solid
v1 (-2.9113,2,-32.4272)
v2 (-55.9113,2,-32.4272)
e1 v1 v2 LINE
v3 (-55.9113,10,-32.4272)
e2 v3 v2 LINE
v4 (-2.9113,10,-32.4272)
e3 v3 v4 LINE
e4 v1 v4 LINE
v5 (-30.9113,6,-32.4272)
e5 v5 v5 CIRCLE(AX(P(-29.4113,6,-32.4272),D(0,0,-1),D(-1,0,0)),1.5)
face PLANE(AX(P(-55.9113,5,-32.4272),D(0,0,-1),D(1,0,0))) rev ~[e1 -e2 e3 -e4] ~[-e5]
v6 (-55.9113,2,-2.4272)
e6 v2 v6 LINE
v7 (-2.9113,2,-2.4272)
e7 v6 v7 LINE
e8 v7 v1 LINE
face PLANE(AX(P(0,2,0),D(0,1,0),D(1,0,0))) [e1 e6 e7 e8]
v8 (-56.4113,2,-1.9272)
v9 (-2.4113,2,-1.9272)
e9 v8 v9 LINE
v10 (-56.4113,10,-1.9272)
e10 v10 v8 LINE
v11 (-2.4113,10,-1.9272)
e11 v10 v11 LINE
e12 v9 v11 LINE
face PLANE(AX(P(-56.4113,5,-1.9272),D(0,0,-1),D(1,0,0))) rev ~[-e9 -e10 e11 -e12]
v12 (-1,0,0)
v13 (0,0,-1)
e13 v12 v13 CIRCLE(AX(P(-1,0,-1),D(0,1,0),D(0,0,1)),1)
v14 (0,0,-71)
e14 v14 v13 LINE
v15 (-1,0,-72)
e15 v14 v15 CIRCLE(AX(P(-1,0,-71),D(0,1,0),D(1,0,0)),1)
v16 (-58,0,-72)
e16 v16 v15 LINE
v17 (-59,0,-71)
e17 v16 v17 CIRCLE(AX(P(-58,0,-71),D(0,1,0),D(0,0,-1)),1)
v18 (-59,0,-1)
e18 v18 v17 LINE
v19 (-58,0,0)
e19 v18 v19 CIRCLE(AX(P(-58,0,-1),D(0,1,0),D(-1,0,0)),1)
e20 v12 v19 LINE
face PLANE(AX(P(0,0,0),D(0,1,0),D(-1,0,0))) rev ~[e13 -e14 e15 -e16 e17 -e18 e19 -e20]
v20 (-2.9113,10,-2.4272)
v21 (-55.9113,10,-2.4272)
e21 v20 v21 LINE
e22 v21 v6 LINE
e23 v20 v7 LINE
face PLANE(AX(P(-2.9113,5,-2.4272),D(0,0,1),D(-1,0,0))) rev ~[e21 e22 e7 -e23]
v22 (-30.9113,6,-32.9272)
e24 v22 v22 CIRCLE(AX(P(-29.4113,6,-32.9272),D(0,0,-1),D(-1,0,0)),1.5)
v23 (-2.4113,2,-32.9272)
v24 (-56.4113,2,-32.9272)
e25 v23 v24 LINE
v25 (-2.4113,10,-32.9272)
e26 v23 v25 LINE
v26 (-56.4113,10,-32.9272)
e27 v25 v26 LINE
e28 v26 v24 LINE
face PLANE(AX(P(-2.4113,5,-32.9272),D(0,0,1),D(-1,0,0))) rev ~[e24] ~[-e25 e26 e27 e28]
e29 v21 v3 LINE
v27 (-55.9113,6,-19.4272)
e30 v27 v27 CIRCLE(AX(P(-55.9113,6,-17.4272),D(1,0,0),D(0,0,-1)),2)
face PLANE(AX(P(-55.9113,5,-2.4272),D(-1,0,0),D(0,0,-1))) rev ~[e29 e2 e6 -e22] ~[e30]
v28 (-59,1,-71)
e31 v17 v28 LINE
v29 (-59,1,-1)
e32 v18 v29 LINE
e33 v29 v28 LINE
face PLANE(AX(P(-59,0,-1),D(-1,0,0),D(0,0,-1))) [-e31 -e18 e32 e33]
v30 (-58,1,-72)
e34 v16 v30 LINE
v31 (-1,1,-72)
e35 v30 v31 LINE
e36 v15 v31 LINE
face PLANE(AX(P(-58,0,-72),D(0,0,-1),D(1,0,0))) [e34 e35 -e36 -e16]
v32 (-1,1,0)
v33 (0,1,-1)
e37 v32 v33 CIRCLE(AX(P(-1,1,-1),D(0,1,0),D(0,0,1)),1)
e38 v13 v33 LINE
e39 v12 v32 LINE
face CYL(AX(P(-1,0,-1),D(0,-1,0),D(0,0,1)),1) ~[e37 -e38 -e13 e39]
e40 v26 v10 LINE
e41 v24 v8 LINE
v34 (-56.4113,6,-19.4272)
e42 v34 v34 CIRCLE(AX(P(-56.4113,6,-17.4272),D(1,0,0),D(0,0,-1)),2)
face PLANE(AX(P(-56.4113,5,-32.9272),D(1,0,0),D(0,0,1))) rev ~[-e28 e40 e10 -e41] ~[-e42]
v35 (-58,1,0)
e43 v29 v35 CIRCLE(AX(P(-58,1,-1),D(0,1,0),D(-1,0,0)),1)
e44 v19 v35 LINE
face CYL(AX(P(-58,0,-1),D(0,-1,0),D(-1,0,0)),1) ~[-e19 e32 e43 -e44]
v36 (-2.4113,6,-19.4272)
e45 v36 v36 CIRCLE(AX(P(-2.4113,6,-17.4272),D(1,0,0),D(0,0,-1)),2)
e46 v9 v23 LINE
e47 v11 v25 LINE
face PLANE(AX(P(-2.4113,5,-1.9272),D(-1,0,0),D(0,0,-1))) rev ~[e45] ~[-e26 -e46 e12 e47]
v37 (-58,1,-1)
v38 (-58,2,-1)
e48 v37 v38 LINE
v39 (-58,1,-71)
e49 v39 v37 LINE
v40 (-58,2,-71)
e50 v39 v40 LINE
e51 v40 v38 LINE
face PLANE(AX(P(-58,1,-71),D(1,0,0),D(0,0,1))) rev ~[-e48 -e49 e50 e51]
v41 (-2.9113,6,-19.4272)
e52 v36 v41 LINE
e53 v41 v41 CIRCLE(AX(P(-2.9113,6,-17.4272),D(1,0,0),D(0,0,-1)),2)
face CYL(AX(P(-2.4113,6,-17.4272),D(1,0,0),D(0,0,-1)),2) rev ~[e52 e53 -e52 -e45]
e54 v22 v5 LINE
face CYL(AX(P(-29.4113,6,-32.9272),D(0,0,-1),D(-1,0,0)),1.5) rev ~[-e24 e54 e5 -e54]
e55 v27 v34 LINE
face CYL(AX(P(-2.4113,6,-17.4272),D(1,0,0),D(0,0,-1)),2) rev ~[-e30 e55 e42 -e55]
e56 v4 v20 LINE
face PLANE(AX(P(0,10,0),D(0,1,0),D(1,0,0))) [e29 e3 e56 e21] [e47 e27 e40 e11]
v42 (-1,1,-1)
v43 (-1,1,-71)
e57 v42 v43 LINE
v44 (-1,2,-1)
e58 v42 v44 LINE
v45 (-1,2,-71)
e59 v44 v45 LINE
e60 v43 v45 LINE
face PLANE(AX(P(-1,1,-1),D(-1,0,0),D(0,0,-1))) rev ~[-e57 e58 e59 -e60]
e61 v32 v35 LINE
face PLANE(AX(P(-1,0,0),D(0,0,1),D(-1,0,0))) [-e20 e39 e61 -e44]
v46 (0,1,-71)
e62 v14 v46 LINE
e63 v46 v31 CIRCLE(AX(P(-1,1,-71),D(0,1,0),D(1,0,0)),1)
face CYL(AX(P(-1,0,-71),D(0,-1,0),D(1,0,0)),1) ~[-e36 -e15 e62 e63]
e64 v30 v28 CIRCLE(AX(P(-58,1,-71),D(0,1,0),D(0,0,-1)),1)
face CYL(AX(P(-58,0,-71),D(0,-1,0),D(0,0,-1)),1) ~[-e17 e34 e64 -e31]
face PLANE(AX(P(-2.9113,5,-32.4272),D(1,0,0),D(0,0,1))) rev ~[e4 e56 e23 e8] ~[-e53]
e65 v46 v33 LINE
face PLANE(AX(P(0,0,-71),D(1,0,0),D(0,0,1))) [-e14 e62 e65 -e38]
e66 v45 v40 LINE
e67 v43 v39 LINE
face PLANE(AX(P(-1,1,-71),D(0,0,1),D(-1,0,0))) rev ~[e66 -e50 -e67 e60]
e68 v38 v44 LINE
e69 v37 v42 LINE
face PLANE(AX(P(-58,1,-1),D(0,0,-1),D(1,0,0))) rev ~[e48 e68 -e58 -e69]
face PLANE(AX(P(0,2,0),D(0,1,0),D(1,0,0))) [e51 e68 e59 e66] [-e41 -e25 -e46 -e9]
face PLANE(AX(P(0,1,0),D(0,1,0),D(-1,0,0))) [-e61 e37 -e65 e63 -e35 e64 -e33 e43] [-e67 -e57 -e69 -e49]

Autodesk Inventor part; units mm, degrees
ref_plane "YZ Plane" through (0, 0, 0) normal (1, 0, 0) x (0, 1, 0)
ref_plane "XZ Plane" through (0, 0, 0) normal (0, 1, 0) x (-1, 0, 0)
ref_plane "XY Plane" through (0, 0, 0) normal (0, 0, 1) x (1, 0, 0)
sketch "Sketch1" plane through (0, 0, 0) normal (0, 1, 0) x (-1, 0, 0)
  line L0 (1, 0) -> (58, 0)
  line L1 (59, -1) -> (59, -71)
  line L2 (58, -72) -> (1, -72)
  line L3 (0, -71) -> (0, -1)
  arc A0 (59, -1) -> (58, 0) centre (58, -1) ccw
  arc A1 (58, -72) -> (59, -71) centre (58, -71) ccw
  arc A2 (0, -71) -> (1, -72) centre (1, -71) ccw
  arc A3 (1, 0) -> (0, -1) centre (1, -1) ccw
  point P0 (0, 0)
  point P1 (59, -72)
  point P2 (59, 0)
  point P3 (0, -72)
  dimension "d0" = 72
  dimension "d1" = 59
  dimension "d2" = 1
extrude "Extrusion1" add sketch "Sketch1" along normal blind 1
sketch "Sketch2" plane through (0, 1, 0) normal (0, 1, 0) x (1, 0, 0)
  line L0 (-55.9113, 2.4272) -> (-2.9113, 2.4272)
  line L1 (-2.9113, 2.4272) -> (-2.9113, 32.4272)
  line L2 (-2.9113, 32.4272) -> (-55.9113, 32.4272)
  line L3 (-55.9113, 32.4272) -> (-55.9113, 2.4272)
  line L4 (-56.4113, 1.9272) -> (-2.4113, 1.9272)
  line L5 (-2.4113, 1.9272) -> (-2.4113, 32.9272)
  line L6 (-2.4113, 32.9272) -> (-56.4113, 32.9272)
  line L7 (-56.4113, 32.9272) -> (-56.4113, 1.9272)
  point P0 (0, 0)
  dimension "d5" = 30
  dimension "d6" = 53
  dimension "d7" = 0.5
  dimension "d8" = 0.5
  dimension "d9" = 0.5
  dimension "d10" = 0.5
extrude "Extrusion2" add sketch "Sketch2" along normal blind 4
sketch "Sketch3" plane through (0, 1, 0) normal (0, 1, 0) x (1, 0, 0)
  arc A0 (0, 71) -> (-1, 72) centre (-1, 71) ccw projected
  line L0 (-58, 1) -> (-1, 1)
  line L1 (-1, 1) -> (-1, 71)
  line L2 (-1, 71) -> (-58, 71)
  line L3 (-58, 71) -> (-58, 1)
  line L4 (-1, 72) -> (-58, 72) projected
  line L5 (-59, 71) -> (-59, 1) projected
  line L6 (-58, 0) -> (-1, 0) projected
  line L7 (0, 1) -> (0, 71) projected
  point P0 (0, 0)
  dimension "d13" = 1
  dimension "d14" = 1
  dimension "d15" = 1
  dimension "d16" = 1
extrude "Extrusion3" add sketch "Sketch3" along normal blind 1
sketch "Sketch4" plane through (0, 5, 0) normal (0, 1, 0) x (1, 0, 0)
  line L0 (-2.4113, 1.9272) -> (-2.4113, 32.9272) projected
  line L1 (-2.9113, 32.4272) -> (-2.9113, 2.4272) projected
  line L2 (-56.4113, 1.9272) -> (-2.4113, 1.9272) projected
  line L3 (-2.9113, 2.4272) -> (-55.9113, 2.4272) projected
  line L4 (-2.4113, 32.9272) -> (-56.4113, 32.9272) projected
  line L5 (-55.9113, 32.4272) -> (-2.9113, 32.4272) projected
  line L6 (-55.9113, 2.4272) -> (-55.9113, 32.4272) projected
  line L7 (-56.4113, 32.9272) -> (-56.4113, 1.9272) projected
  point P0 (0, 0)
extrude "Extrusion4" add sketch "Sketch4" along normal blind 5
sketch "Sketch5" plane through (-2.4113, 2, -1.9272) normal (1, 0, 0) x (0, 0, -1)
  line L0 (0, 0) -> (31, 0) projected
  line L1 (31, 0) -> (31, 8) projected
  line L2 (0, 8) -> (31, 8) projected
  line L3 (0, 0) -> (0, 8) projected
  circle A0 centre (15.5, 4) radius 2
  point P0 (-1.9272, -2)
  dimension "d21" = 4
extrude "Extrusion6" cut sketch "Sketch5" against normal through all contours A0
sketch "Sketch7" plane through (-2.4113, 2, -32.9272) normal (0, 0, -1) x (-1, 0, 0)
  line L0 (0, 0) -> (54, 0) projected
  line L1 (54, 0) -> (54, 8) projected
  line L2 (0, 8) -> (54, 8) projected
  line L3 (0, 0) -> (0, 8) projected
  circle A0 centre (27, 4) radius 1.5
  point P0 (-2.4113, -2)
  dimension "d26" = 3
extrude "Extrusion7" cut sketch "Sketch7" against normal blind 3 contours A0
properties part number "tapa caja arduino"
